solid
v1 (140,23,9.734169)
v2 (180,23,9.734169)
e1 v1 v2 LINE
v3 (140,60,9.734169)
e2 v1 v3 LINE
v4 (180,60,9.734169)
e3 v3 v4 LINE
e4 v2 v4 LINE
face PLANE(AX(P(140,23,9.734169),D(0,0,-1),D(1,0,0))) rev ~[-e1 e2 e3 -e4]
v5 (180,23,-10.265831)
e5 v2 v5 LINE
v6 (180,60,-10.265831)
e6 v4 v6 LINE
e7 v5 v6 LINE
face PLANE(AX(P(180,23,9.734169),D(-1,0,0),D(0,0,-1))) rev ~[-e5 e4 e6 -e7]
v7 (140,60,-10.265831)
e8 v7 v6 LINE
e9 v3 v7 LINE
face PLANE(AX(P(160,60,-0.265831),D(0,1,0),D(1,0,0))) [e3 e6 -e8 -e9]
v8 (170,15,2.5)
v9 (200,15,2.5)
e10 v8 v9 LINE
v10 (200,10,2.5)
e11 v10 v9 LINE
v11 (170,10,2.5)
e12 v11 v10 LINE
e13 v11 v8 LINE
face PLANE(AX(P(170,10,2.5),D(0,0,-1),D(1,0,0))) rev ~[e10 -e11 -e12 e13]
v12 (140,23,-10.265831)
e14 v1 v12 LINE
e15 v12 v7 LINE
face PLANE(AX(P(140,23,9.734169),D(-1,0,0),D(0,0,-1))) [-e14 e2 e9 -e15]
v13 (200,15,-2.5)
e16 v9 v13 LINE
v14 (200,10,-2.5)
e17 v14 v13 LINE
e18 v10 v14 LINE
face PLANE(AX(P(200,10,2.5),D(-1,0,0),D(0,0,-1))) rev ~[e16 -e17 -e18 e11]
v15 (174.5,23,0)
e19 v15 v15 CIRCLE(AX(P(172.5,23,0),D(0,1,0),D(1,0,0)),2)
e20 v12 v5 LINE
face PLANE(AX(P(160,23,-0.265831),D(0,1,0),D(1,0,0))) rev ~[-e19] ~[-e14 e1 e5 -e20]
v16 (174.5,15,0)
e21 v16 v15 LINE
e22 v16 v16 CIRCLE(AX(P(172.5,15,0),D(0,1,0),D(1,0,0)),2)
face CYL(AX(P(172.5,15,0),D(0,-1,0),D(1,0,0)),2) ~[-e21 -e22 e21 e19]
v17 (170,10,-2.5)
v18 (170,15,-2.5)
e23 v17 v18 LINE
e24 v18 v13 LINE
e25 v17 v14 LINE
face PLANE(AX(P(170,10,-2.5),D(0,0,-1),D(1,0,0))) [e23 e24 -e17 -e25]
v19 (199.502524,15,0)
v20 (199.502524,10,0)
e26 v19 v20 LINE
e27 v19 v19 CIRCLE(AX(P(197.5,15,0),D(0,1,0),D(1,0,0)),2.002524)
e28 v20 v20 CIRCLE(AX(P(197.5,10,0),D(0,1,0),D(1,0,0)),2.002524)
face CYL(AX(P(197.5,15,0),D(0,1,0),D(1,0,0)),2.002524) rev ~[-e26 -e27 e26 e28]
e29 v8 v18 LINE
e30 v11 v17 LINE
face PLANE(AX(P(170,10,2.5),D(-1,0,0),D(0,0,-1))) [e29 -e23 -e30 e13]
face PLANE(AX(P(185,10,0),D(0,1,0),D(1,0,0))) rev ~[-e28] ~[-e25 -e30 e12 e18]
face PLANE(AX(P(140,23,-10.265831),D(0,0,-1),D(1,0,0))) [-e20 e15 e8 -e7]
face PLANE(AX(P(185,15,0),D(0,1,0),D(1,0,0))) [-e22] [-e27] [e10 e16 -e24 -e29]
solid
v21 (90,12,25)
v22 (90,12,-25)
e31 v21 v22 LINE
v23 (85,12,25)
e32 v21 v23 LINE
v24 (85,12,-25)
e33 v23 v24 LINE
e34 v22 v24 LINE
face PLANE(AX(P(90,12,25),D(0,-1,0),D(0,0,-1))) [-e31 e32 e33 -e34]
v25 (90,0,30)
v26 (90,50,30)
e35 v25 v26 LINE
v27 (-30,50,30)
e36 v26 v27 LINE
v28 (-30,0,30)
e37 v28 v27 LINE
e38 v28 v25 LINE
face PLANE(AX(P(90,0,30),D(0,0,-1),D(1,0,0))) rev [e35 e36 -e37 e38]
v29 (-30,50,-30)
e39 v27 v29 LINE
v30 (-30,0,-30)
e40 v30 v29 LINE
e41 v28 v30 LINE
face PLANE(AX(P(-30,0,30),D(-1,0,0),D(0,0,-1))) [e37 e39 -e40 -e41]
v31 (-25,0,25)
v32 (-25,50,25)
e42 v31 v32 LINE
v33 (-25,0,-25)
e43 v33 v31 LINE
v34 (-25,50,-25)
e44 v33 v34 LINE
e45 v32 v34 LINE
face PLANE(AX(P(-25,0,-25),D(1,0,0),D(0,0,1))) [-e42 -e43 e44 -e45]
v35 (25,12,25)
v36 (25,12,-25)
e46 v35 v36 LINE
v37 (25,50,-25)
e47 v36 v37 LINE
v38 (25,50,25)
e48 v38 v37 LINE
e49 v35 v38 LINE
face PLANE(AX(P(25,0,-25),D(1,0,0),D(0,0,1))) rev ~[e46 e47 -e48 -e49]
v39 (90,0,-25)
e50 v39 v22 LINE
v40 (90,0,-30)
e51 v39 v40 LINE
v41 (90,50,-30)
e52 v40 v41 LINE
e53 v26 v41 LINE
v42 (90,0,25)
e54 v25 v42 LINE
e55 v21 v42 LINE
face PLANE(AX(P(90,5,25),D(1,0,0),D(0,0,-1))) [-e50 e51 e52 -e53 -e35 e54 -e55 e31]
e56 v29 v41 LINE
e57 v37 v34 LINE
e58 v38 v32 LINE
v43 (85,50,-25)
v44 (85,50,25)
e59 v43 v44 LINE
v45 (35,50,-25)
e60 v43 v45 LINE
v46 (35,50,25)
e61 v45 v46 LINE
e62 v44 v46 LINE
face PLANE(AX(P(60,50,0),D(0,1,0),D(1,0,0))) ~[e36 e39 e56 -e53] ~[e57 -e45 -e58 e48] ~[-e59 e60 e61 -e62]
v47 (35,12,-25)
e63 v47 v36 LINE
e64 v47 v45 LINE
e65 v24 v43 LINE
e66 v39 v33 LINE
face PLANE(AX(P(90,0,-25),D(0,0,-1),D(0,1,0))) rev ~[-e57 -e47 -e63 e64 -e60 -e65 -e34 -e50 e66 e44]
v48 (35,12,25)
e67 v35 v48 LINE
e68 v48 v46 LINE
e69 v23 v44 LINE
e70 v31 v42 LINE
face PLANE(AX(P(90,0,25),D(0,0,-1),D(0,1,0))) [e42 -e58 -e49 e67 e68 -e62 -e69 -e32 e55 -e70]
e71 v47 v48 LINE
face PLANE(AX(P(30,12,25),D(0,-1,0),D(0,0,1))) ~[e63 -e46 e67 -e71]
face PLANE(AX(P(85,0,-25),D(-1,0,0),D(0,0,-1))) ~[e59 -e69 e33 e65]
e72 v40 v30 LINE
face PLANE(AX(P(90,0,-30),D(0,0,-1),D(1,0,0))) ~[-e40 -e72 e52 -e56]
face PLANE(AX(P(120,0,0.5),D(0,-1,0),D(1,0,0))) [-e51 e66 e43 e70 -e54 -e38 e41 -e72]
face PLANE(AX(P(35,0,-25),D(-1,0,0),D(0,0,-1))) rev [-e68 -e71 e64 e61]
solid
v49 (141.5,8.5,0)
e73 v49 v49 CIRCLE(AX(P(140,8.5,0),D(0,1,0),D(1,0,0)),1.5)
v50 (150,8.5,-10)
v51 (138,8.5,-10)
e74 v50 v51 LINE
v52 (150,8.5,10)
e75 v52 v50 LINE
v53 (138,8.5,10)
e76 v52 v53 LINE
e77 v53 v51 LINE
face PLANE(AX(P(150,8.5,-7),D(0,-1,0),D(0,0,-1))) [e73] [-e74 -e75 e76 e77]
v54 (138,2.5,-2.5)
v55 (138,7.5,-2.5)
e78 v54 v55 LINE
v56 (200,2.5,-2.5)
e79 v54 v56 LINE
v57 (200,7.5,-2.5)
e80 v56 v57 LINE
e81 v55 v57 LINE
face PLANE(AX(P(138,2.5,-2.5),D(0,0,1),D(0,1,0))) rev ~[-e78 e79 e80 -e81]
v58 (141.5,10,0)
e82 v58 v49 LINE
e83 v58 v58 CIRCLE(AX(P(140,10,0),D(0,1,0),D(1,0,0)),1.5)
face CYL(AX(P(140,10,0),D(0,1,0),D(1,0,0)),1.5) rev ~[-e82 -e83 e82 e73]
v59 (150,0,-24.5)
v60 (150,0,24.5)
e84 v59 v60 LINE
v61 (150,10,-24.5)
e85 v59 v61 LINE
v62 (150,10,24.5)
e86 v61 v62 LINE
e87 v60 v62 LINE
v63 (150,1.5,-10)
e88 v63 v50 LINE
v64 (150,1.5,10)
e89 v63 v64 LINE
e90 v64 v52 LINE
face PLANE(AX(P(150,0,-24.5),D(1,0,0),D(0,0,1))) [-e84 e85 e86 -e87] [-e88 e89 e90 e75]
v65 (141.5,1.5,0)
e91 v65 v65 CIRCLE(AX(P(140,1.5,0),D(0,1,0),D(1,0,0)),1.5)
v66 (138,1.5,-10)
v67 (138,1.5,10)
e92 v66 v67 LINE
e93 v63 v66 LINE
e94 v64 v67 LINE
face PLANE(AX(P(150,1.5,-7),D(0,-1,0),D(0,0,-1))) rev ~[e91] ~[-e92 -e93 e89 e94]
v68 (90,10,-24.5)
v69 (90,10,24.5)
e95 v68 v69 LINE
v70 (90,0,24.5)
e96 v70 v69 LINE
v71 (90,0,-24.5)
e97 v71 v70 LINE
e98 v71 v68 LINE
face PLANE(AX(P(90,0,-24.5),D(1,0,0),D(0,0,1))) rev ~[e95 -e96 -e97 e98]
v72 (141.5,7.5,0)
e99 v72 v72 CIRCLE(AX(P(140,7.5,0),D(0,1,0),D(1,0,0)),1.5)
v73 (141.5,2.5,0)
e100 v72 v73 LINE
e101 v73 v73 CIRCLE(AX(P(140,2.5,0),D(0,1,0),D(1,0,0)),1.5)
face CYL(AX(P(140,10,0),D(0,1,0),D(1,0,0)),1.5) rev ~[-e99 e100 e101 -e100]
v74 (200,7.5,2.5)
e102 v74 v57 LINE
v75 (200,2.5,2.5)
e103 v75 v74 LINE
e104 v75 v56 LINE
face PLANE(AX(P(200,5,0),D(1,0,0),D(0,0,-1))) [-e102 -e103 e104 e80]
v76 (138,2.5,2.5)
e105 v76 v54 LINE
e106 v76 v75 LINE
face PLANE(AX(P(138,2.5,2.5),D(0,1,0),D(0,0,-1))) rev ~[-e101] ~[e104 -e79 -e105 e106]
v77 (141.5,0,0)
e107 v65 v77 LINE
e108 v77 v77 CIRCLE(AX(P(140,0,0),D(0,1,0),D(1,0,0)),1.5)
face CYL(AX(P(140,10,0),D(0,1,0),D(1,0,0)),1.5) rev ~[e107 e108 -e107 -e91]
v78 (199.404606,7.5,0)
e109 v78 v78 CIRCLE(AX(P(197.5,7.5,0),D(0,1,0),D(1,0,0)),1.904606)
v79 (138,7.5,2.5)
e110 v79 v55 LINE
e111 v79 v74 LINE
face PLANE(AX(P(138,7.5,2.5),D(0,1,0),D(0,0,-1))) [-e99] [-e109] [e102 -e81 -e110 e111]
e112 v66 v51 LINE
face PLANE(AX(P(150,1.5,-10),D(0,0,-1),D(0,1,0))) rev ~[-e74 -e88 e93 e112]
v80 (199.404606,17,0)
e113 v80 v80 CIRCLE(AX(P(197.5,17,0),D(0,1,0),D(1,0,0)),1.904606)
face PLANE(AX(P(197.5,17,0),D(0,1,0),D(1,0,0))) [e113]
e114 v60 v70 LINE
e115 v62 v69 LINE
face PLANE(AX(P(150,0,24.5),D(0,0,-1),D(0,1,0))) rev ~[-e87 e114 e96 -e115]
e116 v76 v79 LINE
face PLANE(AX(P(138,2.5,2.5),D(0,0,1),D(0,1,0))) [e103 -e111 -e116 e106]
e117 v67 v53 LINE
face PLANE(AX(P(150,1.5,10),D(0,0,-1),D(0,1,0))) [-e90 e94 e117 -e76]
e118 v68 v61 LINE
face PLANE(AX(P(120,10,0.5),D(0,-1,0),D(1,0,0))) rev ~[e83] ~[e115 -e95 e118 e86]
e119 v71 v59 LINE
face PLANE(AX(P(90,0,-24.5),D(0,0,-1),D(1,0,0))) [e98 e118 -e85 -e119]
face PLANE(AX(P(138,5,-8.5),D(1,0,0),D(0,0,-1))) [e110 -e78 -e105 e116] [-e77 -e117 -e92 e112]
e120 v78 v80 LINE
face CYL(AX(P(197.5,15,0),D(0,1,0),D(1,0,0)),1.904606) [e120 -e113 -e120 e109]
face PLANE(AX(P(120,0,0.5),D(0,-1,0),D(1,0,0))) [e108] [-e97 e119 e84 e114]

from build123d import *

# Parameters (mm, degrees)
SKETCH_1_W                = 60
SKETCH_1_H                = 60
EXTRUDE_1_DEPTH           = 50
SKETCH_2_W                = 50
SKETCH_2_H                = 50
CUT_EXTRUDE_1_DEPTH       = 51
SKETCH_3_W                = 50
SKETCH_3_H                = 12
CUT_EXTRUDE_2_DEPTH       = 10
SKETCH_4_W                = 50
SKETCH_4_H                = 12
CUT_EXTRUDE_3_DEPTH       = 10
SKETCH_6_W                = 60
SKETCH_6_H                = 50
EXTRUDE_2_DEPTH           = 10
SKETCH_8_W                = 1
SKETCH_8_H                = 10
CUT_EXTRUDE_5_DEPTH       = 60
SKETCH_13_W               = 14
SKETCH_13_H               = 7
CUT_EXTRUDE_6_DEPTH       = 12
SKETCH_14_W               = 5
SKETCH_14_H               = 5
EXTRUDE_4_DEPTH           = 62
SKETCH_15_W               = 3
SKETCH_15_H               = 7
CUT_EXTRUDE_7_DEPTH       = 12
SKETCH_16_W               = 3
SKETCH_16_H               = 7
CUT_EXTRUDE_8_DEPTH       = 12
SKETCH_18_W               = 30
SKETCH_18_H               = 5
EXTRUDE_5_DEPTH           = 5
SKETCH_19_R               = 2.002523802
CUT_EXTRUDE_9_DEPTH       = 5
SKETCH_20_R               = 1.5
CUT_EXTRUDE_10_DEPTH      = 41
CUT_EXTRUDE_10_DEPTH_BACK = 11
SKETCH_21_R               = 1.9046057
EXTRUDE_6_DEPTH           = 2
EXTRUDE_6_DEPTH_BACK      = 8
SKETCH_22_R               = 2
EXTRUDE_7_DEPTH           = 8
SKETCH_23_W               = 40
SKETCH_23_H               = 20
EXTRUDE_8_DEPTH           = 37


with BuildPart() as part:
    # 草图1 → 凸台-拉伸1 (new body)
    with BuildSketch(Plane(origin=(0, 0, 0), x_dir=(1, 0, 0), z_dir=(0, 1, 0))):
        Rectangle(SKETCH_1_W, SKETCH_1_H)
    extrude_1 = extrude(amount=EXTRUDE_1_DEPTH)

    # 草图2 → 切除-拉伸1 (cut, through all)
    with BuildSketch(Plane.XZ):
        Rectangle(SKETCH_2_W, SKETCH_2_H)
    cut_extrude_1 = extrude(amount=-CUT_EXTRUDE_1_DEPTH, mode=Mode.SUBTRACT)

    # 草图3 → 切除-拉伸2 (cut)
    with BuildSketch(Plane(origin=(30, 0, 0), x_dir=(0, 0, -1), z_dir=(1, 0, 0))):
        with Locations((0, 6)):
            Rectangle(SKETCH_3_W, SKETCH_3_H)
    cut_extrude_2 = extrude(amount=-CUT_EXTRUDE_2_DEPTH, mode=Mode.SUBTRACT)

    # 镜向3: 凸台-拉伸1, 切除-拉伸1, 切除-拉伸2 across plane
    add(extrude_1.mirror(Plane(origin=(30, 50, -30), x_dir=(0, 0, 1), z_dir=(-1, 0, 0))))
    add(cut_extrude_1.mirror(Plane(origin=(30, 50, -30), x_dir=(0, 0, 1), z_dir=(-1, 0, 0))), mode=Mode.SUBTRACT)
    add(cut_extrude_2.mirror(Plane(origin=(30, 50, -30), x_dir=(0, 0, 1), z_dir=(-1, 0, 0))), mode=Mode.SUBTRACT)

    # 草图4 → 切除-拉伸3 (cut)
    with BuildSketch(Plane(origin=(90, 0, 0), x_dir=(0, 0, -1), z_dir=(1, 0, 0))):
        with Locations((0, 6)):
            Rectangle(SKETCH_4_W, SKETCH_4_H)
    extrude(amount=-CUT_EXTRUDE_3_DEPTH, mode=Mode.SUBTRACT)

    # 草图6 → 凸台-拉伸2 (add)
    with BuildSketch(Plane.XZ):
        with Locations((120, 0.5)):
            Rectangle(SKETCH_6_W, SKETCH_6_H)
    extrude(amount=-EXTRUDE_2_DEPTH)

    # 草图8 → 切除-拉伸5 (cut)
    with BuildSketch(Plane(origin=(150, 0, 0), x_dir=(0, 0, -1), z_dir=(1, 0, 0))):
        with Locations((-25, 5)):
            Rectangle(SKETCH_8_W, SKETCH_8_H)
    extrude(amount=-CUT_EXTRUDE_5_DEPTH, mode=Mode.SUBTRACT)

    # 草图13 → 切除-拉伸6 (cut)
    with BuildSketch(Plane(origin=(150, 0, 0), x_dir=(0, 0, -1), z_dir=(1, 0, 0))):
        with Locations((0, 5)):
            Rectangle(SKETCH_13_W, SKETCH_13_H)
    extrude(amount=-CUT_EXTRUDE_6_DEPTH, mode=Mode.SUBTRACT)

    # 草图14 → 凸台-拉伸4 (add)
    with BuildSketch(Plane(origin=(138, 0, 0), x_dir=(0, 0, -1), z_dir=(1, 0, 0))):
        with Locations((0, 5)):
            Rectangle(SKETCH_14_W, SKETCH_14_H)
    extrude(amount=EXTRUDE_4_DEPTH)

    # 草图15 → 切除-拉伸7 (cut)
    with BuildSketch(Plane(origin=(150, 0, 0), x_dir=(0, 0, -1), z_dir=(1, 0, 0))):
        with Locations((-8.5, 5)):
            Rectangle(SKETCH_15_W, SKETCH_15_H)
    extrude(amount=-CUT_EXTRUDE_7_DEPTH, mode=Mode.SUBTRACT)

    # 草图16 → 切除-拉伸8 (cut)
    with BuildSketch(Plane(origin=(150, 0, 0), x_dir=(0, 0, -1), z_dir=(1, 0, 0))):
        with Locations((8.5, 5)):
            Rectangle(SKETCH_16_W, SKETCH_16_H)
    extrude(amount=-CUT_EXTRUDE_8_DEPTH, mode=Mode.SUBTRACT)

    # 草图20 → 切除-拉伸10 (cut, two sides)
    with BuildSketch(Plane(origin=(0, 10, 0), x_dir=(1, 0, 0), z_dir=(0, 1, 0))) as cut_extrude_10_sk:
        with Locations((140, 0)):
            Circle(SKETCH_20_R)
    extrude(amount=CUT_EXTRUDE_10_DEPTH, mode=Mode.SUBTRACT)
    extrude(cut_extrude_10_sk.sketch, amount=-CUT_EXTRUDE_10_DEPTH_BACK, mode=Mode.SUBTRACT)

    # 草图21 → 凸台-拉伸6 (add, two sides)
    with BuildSketch(Plane(origin=(0, 15, 0), x_dir=(1, 0, 0), z_dir=(0, 1, 0))) as extrude_6_sk:
        with Locations((197.5, 0)):
            Circle(SKETCH_21_R)
    extrude(amount=EXTRUDE_6_DEPTH)
    extrude(extrude_6_sk.sketch, amount=-EXTRUDE_6_DEPTH_BACK)


with BuildPart() as body_2:
    # 草图18 → 凸台-拉伸5 (new body)
    with BuildSketch(Plane(origin=(0, 10, 0), x_dir=(1, 0, 0), z_dir=(0, 1, 0))):
        with Locations((185, 0)):
            Rectangle(SKETCH_18_W, SKETCH_18_H)
    extrude(amount=EXTRUDE_5_DEPTH)

    # 草图19 → 切除-拉伸9 (cut)
    with BuildSketch(Plane(origin=(0, 15, 0), x_dir=(1, 0, 0), z_dir=(0, 1, 0))):
        with Locations((197.5, 0)):
            Circle(SKETCH_19_R)
    extrude(amount=-CUT_EXTRUDE_9_DEPTH, mode=Mode.SUBTRACT)

    # 草图22 → 凸台-拉伸7 (add)
    with BuildSketch(Plane(origin=(0, 15, 0), x_dir=(1, 0, 0), z_dir=(0, 1, 0))):
        with Locations((172.5, 0)):
            Circle(SKETCH_22_R)
    extrude(amount=EXTRUDE_7_DEPTH)

    # 草图23 → 凸台-拉伸8 (add)
    with BuildSketch(Plane(origin=(0, 23, 0), x_dir=(1, 0, 0), z_dir=(0, 1, 0))):
        with Locations((160, 0.265830592)):
            Rectangle(SKETCH_23_W, SKETCH_23_H)
    extrude(amount=EXTRUDE_8_DEPTH)


solid = Compound([part.part, body_2.part])
